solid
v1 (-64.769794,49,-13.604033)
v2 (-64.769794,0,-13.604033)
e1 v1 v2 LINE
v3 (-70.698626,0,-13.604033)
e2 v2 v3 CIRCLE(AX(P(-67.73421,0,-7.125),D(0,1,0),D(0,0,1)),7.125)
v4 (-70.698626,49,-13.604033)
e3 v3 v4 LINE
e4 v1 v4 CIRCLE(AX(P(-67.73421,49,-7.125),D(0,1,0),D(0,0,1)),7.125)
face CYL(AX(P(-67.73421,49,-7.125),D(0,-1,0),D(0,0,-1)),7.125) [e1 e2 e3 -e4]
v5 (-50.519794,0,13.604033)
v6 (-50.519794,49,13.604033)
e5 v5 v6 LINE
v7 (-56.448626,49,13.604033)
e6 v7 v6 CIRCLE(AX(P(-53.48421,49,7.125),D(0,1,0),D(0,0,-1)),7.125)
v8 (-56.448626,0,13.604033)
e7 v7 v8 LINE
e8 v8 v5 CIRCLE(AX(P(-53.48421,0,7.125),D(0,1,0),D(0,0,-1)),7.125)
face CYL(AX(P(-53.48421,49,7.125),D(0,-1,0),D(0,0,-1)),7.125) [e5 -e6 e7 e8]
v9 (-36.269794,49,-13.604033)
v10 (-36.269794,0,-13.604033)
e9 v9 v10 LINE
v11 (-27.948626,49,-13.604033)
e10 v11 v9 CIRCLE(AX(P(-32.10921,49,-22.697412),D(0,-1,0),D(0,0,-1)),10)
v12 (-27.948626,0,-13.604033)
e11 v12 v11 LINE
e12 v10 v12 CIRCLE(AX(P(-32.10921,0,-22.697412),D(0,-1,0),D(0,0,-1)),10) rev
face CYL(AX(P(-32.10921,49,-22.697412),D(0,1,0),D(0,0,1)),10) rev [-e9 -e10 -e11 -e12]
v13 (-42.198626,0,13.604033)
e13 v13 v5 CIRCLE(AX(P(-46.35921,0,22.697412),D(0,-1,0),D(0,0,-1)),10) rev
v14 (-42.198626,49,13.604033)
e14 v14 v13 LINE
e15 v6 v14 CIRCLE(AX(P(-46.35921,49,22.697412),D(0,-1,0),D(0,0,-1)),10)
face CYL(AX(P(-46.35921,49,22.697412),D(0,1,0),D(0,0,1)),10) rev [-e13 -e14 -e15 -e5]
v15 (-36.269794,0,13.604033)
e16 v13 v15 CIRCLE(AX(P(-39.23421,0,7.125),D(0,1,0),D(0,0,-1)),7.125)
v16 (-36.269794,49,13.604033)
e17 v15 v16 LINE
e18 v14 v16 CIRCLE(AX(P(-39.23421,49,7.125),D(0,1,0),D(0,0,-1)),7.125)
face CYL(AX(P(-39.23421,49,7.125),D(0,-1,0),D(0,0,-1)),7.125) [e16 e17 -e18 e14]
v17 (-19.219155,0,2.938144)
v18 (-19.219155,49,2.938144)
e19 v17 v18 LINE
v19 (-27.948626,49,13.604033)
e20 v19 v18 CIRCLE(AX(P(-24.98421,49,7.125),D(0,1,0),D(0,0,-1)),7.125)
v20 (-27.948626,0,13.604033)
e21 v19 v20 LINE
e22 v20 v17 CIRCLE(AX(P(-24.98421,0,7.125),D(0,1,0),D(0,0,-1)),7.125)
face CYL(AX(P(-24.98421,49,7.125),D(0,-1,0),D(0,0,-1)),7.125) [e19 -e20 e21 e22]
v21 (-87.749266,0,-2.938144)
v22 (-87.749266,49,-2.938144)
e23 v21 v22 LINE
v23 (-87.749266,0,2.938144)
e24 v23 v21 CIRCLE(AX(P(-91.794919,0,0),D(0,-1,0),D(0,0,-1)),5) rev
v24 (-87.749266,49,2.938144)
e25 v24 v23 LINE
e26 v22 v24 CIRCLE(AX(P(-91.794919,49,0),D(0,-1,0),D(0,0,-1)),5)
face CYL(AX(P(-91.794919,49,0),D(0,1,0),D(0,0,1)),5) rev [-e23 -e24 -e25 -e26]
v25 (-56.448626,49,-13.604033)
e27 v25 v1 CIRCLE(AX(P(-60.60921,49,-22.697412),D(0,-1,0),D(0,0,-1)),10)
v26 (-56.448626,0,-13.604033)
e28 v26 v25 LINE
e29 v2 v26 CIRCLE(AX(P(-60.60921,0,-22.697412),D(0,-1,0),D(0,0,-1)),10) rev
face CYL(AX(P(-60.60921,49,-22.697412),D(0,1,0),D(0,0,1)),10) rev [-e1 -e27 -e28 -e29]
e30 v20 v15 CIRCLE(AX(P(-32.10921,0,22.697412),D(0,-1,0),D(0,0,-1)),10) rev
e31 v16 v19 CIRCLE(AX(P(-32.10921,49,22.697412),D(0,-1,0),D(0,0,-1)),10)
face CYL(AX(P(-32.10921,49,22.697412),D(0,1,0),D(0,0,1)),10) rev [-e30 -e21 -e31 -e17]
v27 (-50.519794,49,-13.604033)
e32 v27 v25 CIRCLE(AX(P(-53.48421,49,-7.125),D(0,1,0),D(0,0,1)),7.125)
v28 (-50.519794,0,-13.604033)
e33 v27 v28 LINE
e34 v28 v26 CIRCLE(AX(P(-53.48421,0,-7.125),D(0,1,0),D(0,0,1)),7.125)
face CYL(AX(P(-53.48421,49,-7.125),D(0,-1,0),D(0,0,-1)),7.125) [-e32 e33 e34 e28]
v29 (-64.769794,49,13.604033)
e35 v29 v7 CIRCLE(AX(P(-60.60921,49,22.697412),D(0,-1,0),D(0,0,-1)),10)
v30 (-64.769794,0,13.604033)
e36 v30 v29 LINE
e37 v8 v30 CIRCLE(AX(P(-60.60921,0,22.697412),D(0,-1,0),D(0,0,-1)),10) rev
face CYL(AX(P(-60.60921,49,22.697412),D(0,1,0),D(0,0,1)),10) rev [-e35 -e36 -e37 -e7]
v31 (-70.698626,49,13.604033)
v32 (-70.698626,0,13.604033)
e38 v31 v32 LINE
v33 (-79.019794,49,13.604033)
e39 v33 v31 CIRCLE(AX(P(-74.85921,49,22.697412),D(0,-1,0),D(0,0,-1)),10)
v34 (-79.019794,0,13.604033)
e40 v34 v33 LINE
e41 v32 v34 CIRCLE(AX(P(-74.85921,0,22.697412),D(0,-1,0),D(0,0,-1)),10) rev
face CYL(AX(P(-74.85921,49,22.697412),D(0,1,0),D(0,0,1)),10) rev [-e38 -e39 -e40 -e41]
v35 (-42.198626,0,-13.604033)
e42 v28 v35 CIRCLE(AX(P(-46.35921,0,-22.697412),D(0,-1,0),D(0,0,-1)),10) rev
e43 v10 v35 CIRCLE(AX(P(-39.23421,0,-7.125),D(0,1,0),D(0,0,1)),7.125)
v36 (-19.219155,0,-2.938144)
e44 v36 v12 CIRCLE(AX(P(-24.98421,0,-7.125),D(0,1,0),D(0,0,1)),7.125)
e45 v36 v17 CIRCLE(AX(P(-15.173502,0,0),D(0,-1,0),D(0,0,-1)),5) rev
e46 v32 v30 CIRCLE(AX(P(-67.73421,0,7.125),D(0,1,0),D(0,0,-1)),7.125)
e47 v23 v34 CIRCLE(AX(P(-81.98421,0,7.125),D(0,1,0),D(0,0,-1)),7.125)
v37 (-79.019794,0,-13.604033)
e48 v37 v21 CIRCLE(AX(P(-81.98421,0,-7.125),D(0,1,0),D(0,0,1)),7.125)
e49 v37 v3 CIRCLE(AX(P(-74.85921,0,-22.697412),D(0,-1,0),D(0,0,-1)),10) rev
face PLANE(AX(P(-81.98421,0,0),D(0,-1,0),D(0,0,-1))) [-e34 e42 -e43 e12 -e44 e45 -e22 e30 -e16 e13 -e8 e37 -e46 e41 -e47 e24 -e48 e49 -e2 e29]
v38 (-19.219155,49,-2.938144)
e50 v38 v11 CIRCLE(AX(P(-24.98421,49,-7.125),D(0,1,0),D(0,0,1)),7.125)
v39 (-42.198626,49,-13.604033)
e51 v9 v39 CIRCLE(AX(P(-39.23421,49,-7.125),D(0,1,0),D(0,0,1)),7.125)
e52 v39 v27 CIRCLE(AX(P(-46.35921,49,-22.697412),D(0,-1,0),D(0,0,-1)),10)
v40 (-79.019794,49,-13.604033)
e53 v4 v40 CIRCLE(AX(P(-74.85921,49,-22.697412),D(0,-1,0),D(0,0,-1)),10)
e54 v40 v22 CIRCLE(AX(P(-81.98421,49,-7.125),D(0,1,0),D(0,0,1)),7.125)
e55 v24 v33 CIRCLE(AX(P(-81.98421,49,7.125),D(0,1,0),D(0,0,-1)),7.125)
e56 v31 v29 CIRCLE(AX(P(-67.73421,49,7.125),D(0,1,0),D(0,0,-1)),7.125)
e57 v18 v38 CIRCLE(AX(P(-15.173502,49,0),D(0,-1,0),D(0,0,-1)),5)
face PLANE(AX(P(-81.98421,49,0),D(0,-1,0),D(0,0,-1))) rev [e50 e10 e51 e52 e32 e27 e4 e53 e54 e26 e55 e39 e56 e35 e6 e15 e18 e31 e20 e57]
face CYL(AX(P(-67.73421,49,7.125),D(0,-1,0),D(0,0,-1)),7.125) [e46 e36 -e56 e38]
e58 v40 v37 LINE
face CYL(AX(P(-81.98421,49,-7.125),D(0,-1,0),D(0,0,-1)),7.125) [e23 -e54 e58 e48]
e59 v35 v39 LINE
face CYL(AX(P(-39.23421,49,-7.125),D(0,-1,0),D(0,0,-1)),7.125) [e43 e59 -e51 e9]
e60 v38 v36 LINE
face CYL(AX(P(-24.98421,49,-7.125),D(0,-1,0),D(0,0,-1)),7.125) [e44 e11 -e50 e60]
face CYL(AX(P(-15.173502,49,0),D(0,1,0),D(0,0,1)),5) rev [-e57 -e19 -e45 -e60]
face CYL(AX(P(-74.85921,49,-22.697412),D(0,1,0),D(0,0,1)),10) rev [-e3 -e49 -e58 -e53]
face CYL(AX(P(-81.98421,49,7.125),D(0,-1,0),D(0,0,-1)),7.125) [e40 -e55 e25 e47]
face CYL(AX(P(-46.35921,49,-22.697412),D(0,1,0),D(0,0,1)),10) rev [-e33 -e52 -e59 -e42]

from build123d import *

# Parameters (mm, degrees)
BOSS_EXTRUDE1_DEPTH = 49
FILLET1_R           = 10
FILLET2_R           = 5


with BuildPart() as part:
    # Sketch1 → Boss-Extrude1 (new body)
    with BuildSketch(Plane(origin=(0, 0, 0), x_dir=(1, 0, 0), z_dir=(0, 1, 0))):
        with BuildLine():
            ThreePointArc((-74.859210096, 7.125), (-87.022345912, 12.163135816), (-81.984210096, 0))
            ThreePointArc((-81.984210096, 0), (-87.022345912, -12.163135816), (-74.859210096, -7.125))
            ThreePointArc((-74.859210096, -7.125), (-67.734210096, -14.25), (-60.609210096, -7.125))
            ThreePointArc((-60.609210096, -7.125), (-53.484210096, -14.25), (-46.359210096, -7.125))
            ThreePointArc((-46.359210096, -7.125), (-39.234210096, -14.25), (-32.109210096, -7.125))
            ThreePointArc((-32.109210096, -7.125), (-19.94607428, -12.163135816), (-24.984210096, 0))
            ThreePointArc((-24.984210096, 0), (-19.94607428, 12.163135816), (-32.109210096, 7.125))
            ThreePointArc((-32.109210096, 7.125), (-39.234210096, 14.25), (-46.359210096, 7.125))
            ThreePointArc((-46.359210096, 7.125), (-53.484210096, 14.25), (-60.609210096, 7.125))
            ThreePointArc((-60.609210096, 7.125), (-67.734210096, 14.25), (-74.859210096, 7.125))
        make_face()
    extrude(amount=BOSS_EXTRUDE1_DEPTH)

    # Fillet1
    fillet1_edges = [part.edges().sort_by_distance(p)[0] for p in [
        (-74.859210096, 24.5, -7.125),
        (-60.609210096, 24.5, -7.125),
        (-46.359210096, 24.5, -7.125),
        (-32.109210096, 24.5, -7.125),
        (-32.109210096, 24.5, 7.125),
        (-46.359210096, 24.5, 7.125),
        (-60.609210096, 24.5, 7.125),
        (-74.859210096, 24.5, 7.125),
    ]]
    fillet(fillet1_edges, radius=FILLET1_R)

    # Fillet2
    fillet2_edges = [part.edges().sort_by_distance(p)[0] for p in [
        (-81.984210096, 24.5, 0),
        (-24.984210096, 24.5, 0),
    ]]
    fillet(fillet2_edges, radius=FILLET2_R)


solid = part.part
